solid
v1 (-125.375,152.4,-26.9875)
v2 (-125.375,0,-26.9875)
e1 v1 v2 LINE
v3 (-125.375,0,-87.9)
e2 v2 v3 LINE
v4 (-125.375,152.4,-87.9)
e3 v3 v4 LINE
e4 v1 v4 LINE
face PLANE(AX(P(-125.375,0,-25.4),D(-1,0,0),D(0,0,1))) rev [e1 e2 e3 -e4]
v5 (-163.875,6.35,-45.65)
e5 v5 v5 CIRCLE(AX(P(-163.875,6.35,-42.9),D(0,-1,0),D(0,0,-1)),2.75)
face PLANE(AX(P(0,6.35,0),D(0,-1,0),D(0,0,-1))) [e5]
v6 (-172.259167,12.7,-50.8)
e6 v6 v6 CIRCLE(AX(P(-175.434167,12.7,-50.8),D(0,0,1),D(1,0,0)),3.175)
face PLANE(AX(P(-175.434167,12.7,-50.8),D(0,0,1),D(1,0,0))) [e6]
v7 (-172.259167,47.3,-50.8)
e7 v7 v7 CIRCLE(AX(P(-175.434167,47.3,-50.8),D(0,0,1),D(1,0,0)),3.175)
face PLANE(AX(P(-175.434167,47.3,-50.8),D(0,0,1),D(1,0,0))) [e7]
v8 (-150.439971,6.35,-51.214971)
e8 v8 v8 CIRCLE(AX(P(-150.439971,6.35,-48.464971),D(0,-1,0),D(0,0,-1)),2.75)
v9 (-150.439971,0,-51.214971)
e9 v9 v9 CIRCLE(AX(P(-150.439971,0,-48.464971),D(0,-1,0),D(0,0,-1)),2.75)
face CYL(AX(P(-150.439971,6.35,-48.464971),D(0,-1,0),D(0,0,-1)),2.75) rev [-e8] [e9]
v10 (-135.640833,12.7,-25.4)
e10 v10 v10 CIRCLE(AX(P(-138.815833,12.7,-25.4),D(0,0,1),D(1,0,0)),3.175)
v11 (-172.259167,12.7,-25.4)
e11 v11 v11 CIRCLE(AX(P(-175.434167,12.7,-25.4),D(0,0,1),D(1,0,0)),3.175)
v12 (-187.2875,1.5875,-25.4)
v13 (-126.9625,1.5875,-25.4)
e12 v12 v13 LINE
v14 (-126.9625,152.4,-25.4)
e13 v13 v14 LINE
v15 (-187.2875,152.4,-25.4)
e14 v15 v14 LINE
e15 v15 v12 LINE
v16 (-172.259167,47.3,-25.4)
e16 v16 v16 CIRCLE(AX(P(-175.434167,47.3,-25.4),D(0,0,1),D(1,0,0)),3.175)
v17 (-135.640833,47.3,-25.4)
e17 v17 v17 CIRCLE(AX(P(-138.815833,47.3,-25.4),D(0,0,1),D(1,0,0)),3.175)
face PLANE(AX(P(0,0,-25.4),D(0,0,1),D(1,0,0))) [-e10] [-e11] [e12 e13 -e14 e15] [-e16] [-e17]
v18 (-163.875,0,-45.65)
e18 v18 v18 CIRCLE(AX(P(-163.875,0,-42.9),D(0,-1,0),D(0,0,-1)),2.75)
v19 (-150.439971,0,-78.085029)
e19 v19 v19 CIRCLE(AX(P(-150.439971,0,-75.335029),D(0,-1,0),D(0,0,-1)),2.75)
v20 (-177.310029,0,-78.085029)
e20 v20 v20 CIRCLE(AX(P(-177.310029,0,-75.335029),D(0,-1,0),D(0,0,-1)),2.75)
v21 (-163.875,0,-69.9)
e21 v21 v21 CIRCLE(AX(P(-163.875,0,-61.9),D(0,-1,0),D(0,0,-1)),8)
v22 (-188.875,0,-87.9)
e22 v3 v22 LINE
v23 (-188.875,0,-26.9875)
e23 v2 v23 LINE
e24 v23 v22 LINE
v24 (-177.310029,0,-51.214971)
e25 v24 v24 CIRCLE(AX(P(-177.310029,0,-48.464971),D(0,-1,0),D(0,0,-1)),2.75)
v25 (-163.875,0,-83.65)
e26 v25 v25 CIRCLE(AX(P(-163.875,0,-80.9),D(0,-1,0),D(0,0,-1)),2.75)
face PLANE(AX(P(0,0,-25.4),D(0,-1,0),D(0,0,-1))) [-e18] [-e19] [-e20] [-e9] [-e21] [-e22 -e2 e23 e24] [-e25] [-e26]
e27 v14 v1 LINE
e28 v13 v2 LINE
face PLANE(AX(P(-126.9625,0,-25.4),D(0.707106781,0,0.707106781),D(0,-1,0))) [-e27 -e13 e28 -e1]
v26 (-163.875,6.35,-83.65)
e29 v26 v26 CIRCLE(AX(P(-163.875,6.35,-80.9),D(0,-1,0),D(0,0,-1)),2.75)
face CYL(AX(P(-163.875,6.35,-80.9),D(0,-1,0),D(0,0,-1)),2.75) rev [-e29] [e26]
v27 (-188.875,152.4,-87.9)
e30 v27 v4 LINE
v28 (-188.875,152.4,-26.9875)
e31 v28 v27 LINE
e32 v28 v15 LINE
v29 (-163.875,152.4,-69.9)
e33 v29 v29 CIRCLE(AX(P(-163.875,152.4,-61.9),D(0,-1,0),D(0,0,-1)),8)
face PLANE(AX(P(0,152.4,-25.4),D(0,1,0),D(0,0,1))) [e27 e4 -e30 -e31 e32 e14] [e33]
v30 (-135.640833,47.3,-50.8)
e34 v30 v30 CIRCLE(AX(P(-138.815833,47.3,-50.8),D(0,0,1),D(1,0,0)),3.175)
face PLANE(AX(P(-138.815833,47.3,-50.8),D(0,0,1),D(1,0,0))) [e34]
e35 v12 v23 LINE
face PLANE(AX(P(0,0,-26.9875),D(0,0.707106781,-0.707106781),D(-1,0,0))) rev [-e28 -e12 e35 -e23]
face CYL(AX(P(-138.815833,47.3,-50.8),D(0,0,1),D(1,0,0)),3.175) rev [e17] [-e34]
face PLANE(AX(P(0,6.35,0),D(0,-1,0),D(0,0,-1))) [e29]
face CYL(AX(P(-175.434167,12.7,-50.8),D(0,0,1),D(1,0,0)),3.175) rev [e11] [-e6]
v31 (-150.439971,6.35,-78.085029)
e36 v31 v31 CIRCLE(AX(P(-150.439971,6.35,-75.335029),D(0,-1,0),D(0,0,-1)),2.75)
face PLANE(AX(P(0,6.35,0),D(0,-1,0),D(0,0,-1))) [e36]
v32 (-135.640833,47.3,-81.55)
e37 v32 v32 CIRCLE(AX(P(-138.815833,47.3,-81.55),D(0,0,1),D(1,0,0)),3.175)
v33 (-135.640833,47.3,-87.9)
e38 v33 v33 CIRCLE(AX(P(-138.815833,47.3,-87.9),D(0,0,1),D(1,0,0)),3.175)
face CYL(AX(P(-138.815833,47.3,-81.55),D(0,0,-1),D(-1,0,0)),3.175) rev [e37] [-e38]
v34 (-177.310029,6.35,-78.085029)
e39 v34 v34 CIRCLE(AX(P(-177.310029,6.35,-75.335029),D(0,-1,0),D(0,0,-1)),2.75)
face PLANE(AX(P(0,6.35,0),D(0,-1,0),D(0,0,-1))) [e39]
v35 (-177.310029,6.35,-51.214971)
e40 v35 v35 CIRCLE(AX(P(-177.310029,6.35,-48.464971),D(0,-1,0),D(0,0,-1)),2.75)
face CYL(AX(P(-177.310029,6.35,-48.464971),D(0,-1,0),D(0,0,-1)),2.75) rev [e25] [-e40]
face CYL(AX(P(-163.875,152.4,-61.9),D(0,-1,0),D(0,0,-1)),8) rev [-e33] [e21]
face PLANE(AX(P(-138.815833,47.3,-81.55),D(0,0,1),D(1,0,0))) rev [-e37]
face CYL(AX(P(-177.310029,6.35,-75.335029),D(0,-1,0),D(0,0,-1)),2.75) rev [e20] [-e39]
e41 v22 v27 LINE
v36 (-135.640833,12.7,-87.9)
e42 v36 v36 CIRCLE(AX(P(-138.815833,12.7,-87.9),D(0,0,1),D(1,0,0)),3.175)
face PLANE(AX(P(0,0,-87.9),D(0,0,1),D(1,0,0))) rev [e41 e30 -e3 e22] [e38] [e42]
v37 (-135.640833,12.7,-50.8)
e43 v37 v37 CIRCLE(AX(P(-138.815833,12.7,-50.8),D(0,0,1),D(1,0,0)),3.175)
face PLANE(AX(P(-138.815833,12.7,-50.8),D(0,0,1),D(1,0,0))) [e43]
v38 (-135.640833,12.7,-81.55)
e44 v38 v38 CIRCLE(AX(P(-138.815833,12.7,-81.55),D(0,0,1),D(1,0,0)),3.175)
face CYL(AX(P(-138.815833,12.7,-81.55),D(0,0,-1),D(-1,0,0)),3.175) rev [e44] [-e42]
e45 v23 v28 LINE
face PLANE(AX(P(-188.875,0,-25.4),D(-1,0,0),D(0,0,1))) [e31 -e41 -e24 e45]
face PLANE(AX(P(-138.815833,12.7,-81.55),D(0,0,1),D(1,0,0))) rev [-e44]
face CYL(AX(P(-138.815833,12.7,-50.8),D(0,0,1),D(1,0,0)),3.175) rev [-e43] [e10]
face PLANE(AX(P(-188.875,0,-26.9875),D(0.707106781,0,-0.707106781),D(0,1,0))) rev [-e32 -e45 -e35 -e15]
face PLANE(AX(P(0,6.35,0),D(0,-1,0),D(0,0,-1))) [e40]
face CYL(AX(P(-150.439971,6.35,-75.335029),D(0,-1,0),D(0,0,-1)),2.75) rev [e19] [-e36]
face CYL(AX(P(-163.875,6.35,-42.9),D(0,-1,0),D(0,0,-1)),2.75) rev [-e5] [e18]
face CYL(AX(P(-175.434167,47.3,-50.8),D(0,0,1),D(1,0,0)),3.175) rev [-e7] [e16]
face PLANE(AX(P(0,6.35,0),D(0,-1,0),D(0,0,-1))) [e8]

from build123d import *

# Parameters (mm, degrees)
PRIMARY_START           = -87.9
SKETCH2_W               = 20.25
SKETCH2_H               = 60
SKETCH2_W_2             = 43.25
PRIMARY_EXTRUSION_DEPTH = 62.5
SKETCH3_R               = 3.175
CUT_EXTRUDE2_DEPTH      = 25.4
CUT_EXTRUDE3_START      = -62.5
SKETCH3_2_R             = 3.175
CUT_EXTRUDE3_DEPTH      = 6.35
CHAMFER1_SIZE           = 1.5875
CUT_EXTRUDE4_DEPTH      = 6.35
CUT_EXTRUDE5_DEPTH      = 153.4


with BuildPart() as part:
    # Sketch2 → Primary Extrusion (new body)
    with BuildSketch(Plane.XY.offset(PRIMARY_START)):
        with Locations((-135.5, 30)):
            Rectangle(SKETCH2_W, SKETCH2_H)
        with BuildLine():
            ThreePointArc((-132.325, 7), (-135.625, 3.7), (-138.925, 7))
            ThreePointArc((-138.925, 7), (-135.625, 10.3), (-132.325, 7))
        make_face(mode=Mode.SUBTRACT)
        with BuildLine():
            ThreePointArc((-132.325, 53), (-135.625, 49.7), (-138.925, 53))
            ThreePointArc((-138.925, 53), (-135.625, 56.3), (-132.325, 53))
        make_face(mode=Mode.SUBTRACT)
        with BuildLine():
            ThreePointArc((-138.925, 7), (-135.625, 3.7), (-132.325, 7))
            ThreePointArc((-132.325, 7), (-135.625, 10.3), (-138.925, 7))
        make_face()
        with BuildLine():
            ThreePointArc((-138.925, 53), (-135.625, 49.7), (-132.325, 53))
            ThreePointArc((-132.325, 53), (-135.625, 56.3), (-138.925, 53))
        make_face()
        with Locations((-167.25, 30)):
            Rectangle(SKETCH2_W_2, SKETCH2_H)
        Polygon((-145.625, 60), (-125.375, 60), (-125.375, 152.4), (-188.875, 152.4), (-188.875, 60), align=None)
    extrude(amount=PRIMARY_EXTRUSION_DEPTH)

    # Sketch3 → Cut-Extrude2 (cut)
    with BuildSketch(Plane.XY.offset(-25.4)):
        with Locations((-138.815833333, 47.3)):
            Circle(SKETCH3_R)
        with Locations((-138.815833333, 12.7)):
            Circle(SKETCH3_R)
        with Locations((93.595, 47.3)):
            Circle(SKETCH3_R)
        with Locations((131.655, 47.3)):
            Circle(SKETCH3_R)
        with Locations((131.655, 12.7)):
            Circle(SKETCH3_R)
        with Locations((93.595, 12.7)):
            Circle(SKETCH3_R)
        with Locations((-175.434166667, 47.3)):
            Circle(SKETCH3_R)
        with Locations((-175.434166667, 12.7)):
            Circle(SKETCH3_R)
    extrude(amount=-CUT_EXTRUDE2_DEPTH, mode=Mode.SUBTRACT)

    # Sketch3<2> → Cut-Extrude3 (cut)
    with BuildSketch(Plane.XY.offset(-25.4).offset(CUT_EXTRUDE3_START)):
        with Locations((-138.815833333, 47.3)):
            Circle(SKETCH3_2_R)
        with Locations((-138.815833333, 12.7)):
            Circle(SKETCH3_2_R)
    extrude(amount=CUT_EXTRUDE3_DEPTH, mode=Mode.SUBTRACT)

    # Chamfer1
    chamfer1_edges = [part.edges().sort_by_distance(p)[0] for p in [
        (-157.125, 0, -25.4),
        (-125.375, 76.2, -25.4),
        (-188.875, 76.2, -25.4),
    ]]
    chamfer(chamfer1_edges, length=CHAMFER1_SIZE)

    # Sketch4 → Cut-Extrude4 (cut)
    with BuildSketch(Plane.XZ):
        with BuildLine():
            ThreePointArc((-153.189971157, -75.335028843), (-150.439971157, -78.085028843), (-147.689971157, -75.335028843))
            ThreePointArc((-147.689971157, -75.335028843), (-150.439971157, -72.585028843), (-153.189971157, -75.335028843))
        make_face()
        with BuildLine():
            ThreePointArc((-166.625, -80.9), (-163.875, -83.65), (-161.125, -80.9))
            ThreePointArc((-161.125, -80.9), (-163.875, -78.15), (-166.625, -80.9))
        make_face()
        with BuildLine():
            ThreePointArc((-180.060028843, -75.335028843), (-177.310028843, -78.085028843), (-174.560028843, -75.335028843))
            ThreePointArc((-174.560028843, -75.335028843), (-177.310028843, -72.585028843), (-180.060028843, -75.335028843))
        make_face()
        with BuildLine():
            ThreePointArc((-153.189971157, -48.464971157), (-150.439971157, -51.214971157), (-147.689971157, -48.464971157))
            ThreePointArc((-147.689971157, -48.464971157), (-150.439971157, -45.714971157), (-153.189971157, -48.464971157))
        make_face()
        with BuildLine():
            ThreePointArc((-166.625, -42.9), (-163.875, -45.65), (-161.125, -42.9))
            ThreePointArc((-161.125, -42.9), (-163.875, -40.15), (-166.625, -42.9))
        make_face()
        with BuildLine():
            ThreePointArc((-180.060028843, -48.464971157), (-177.310028843, -51.214971157), (-174.560028843, -48.464971157))
            ThreePointArc((-174.560028843, -48.464971157), (-177.310028843, -45.714971157), (-180.060028843, -48.464971157))
        make_face()
    extrude(amount=-CUT_EXTRUDE4_DEPTH, mode=Mode.SUBTRACT)

    # Sketch4<4> → Cut-Extrude5 (cut, through all)
    with BuildSketch(Plane.XZ):
        with BuildLine():
            ThreePointArc((-171.875, -61.9), (-163.875, -69.9), (-155.875, -61.9))
            ThreePointArc((-155.875, -61.9), (-163.875, -53.9), (-171.875, -61.9))
        make_face()
    extrude(amount=-CUT_EXTRUDE5_DEPTH, mode=Mode.SUBTRACT)


solid = part.part
